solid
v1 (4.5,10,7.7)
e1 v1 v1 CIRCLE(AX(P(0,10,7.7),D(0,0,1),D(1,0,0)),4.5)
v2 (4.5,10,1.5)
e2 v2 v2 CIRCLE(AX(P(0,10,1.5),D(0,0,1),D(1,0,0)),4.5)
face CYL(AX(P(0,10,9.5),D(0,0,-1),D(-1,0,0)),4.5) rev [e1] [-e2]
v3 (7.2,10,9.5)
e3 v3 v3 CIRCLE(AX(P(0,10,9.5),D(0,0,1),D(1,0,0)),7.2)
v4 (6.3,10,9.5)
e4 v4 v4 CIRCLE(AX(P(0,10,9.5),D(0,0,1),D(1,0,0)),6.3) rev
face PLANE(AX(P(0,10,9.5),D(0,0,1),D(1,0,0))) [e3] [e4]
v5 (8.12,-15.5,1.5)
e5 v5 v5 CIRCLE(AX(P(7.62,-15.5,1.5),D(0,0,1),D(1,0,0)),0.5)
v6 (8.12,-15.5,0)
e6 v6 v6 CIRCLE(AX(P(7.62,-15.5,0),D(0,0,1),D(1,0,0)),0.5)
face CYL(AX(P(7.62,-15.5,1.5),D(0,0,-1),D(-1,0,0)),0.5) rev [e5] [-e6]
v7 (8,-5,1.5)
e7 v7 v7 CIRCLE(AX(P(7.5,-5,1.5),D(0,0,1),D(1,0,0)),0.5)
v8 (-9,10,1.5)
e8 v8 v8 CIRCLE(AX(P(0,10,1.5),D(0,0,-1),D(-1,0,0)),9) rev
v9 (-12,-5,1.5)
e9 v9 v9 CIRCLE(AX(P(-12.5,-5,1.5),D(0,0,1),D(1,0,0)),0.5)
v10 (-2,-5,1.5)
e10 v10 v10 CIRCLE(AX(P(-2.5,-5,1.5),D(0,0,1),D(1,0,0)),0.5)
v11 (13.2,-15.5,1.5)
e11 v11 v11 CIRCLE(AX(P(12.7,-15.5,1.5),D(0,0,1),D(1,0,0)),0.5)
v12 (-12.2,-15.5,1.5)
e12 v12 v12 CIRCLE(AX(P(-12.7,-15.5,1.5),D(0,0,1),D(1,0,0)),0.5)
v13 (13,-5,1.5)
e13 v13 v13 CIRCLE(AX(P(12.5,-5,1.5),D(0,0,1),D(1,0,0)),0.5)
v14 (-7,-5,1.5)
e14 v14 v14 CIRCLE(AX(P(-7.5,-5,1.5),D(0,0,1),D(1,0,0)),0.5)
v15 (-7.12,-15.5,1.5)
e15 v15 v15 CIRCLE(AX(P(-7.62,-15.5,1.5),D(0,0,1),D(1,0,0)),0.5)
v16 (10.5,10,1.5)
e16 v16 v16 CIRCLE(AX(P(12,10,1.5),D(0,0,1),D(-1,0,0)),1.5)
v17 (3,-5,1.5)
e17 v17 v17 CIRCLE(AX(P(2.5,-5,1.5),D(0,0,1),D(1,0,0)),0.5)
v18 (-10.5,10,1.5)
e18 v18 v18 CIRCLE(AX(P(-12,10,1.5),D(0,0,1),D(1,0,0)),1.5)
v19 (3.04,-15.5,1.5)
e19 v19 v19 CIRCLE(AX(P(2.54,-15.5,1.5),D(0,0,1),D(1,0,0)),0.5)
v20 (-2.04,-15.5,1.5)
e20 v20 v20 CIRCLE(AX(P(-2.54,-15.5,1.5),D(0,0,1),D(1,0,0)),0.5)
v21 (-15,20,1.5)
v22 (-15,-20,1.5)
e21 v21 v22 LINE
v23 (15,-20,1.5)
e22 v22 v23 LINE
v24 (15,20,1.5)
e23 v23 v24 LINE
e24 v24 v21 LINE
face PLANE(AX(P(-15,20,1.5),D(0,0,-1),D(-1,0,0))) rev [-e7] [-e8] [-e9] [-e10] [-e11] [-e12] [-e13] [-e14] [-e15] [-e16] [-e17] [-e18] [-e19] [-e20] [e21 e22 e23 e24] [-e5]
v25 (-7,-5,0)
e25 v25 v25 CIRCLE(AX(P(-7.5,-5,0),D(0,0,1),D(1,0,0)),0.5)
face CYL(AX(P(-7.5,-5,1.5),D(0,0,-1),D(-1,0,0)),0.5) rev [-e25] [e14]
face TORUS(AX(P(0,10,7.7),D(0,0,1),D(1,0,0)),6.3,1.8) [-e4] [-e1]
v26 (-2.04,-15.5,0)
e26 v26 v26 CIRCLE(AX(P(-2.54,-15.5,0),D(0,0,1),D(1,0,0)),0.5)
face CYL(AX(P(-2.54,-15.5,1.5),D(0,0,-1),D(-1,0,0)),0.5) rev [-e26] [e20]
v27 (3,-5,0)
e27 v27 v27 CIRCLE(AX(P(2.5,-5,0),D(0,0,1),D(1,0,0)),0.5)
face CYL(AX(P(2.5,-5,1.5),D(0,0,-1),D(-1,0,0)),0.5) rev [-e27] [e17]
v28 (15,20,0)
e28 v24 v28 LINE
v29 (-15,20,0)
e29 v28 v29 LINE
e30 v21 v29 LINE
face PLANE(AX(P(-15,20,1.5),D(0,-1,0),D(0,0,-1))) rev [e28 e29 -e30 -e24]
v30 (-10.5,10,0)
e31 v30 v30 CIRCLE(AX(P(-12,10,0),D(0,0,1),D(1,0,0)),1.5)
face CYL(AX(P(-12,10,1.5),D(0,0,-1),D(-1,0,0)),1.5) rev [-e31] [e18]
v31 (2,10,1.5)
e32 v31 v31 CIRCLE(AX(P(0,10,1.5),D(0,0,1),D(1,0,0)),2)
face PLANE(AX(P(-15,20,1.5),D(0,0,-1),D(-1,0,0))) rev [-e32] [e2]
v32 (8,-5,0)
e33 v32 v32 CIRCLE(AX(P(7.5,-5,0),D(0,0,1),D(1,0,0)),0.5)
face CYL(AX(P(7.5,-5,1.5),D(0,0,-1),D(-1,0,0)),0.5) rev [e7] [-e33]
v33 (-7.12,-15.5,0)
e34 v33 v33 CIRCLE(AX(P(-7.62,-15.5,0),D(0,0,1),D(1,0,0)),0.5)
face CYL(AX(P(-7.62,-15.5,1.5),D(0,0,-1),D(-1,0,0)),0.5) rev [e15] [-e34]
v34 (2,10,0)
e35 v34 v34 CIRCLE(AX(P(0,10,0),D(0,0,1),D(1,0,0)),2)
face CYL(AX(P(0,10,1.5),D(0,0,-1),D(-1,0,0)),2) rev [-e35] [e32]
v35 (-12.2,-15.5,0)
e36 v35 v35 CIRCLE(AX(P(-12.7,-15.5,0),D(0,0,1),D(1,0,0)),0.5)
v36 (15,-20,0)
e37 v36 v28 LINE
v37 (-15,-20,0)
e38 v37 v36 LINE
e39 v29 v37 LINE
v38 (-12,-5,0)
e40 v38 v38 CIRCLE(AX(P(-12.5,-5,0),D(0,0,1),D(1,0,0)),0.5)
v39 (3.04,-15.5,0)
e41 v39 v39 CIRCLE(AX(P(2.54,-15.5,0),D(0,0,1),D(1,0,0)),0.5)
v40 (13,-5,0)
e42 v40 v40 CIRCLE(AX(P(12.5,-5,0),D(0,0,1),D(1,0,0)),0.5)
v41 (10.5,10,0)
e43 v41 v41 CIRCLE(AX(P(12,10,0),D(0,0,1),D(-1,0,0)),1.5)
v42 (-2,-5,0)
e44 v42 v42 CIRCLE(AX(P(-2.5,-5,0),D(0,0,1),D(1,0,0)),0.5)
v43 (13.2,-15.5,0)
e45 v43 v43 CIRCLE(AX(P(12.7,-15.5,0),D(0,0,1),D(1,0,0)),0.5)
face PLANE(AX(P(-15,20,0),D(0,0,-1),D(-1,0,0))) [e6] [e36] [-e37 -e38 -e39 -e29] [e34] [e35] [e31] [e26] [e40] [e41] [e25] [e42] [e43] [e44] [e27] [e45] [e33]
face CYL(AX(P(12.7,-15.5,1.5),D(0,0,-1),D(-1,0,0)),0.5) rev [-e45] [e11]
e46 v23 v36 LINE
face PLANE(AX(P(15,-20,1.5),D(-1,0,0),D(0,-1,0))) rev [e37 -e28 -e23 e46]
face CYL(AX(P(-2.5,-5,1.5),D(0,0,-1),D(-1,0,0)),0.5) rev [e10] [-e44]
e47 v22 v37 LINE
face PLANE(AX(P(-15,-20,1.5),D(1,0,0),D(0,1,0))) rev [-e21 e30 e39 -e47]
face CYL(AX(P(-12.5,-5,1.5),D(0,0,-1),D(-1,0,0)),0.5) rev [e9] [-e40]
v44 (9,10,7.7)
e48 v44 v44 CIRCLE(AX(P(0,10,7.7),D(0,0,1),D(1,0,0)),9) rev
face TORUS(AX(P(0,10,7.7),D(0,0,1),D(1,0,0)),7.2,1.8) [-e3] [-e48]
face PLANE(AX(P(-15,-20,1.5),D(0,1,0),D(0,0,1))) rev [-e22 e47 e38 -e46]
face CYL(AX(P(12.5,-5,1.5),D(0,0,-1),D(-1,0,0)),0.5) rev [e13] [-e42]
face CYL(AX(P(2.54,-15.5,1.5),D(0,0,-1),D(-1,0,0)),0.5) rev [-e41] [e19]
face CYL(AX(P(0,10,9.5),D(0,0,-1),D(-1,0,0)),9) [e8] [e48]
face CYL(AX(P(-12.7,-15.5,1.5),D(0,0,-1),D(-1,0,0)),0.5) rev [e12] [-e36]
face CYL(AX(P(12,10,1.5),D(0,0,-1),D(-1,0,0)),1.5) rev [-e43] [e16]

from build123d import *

# Parameters (mm, degrees)
SKETCH_1_W      = 30
SKETCH_1_H      = 40
SKETCH_1_R      = 0.5
SKETCH_1_R_2    = 2
SKETCH_1_R_3    = 1.5
EXTRUDE_1_DEPTH = 1.5
SKETCH_2_R      = 9
SKETCH_2_R_2    = 4.5
EXTRUDE_2_DEPTH = 8
FILLET_1_R      = 1.8


with BuildPart() as part:
    # Эскиз1 → Вытянуть1 (new body)
    with BuildSketch(Plane.XY):
        Rectangle(SKETCH_1_W, SKETCH_1_H)
        with Locations((-12.7, -15.5)):
            Circle(SKETCH_1_R, mode=Mode.SUBTRACT)
        with Locations((-12.5, -5)):
            Circle(SKETCH_1_R, mode=Mode.SUBTRACT)
        with Locations((-7.62, -15.5)):
            Circle(SKETCH_1_R, mode=Mode.SUBTRACT)
        with Locations((-2.54, -15.5)):
            Circle(SKETCH_1_R, mode=Mode.SUBTRACT)
        with Locations((2.54, -15.5)):
            Circle(SKETCH_1_R, mode=Mode.SUBTRACT)
        with Locations((7.62, -15.5)):
            Circle(SKETCH_1_R, mode=Mode.SUBTRACT)
        with Locations((12.7, -15.5)):
            Circle(SKETCH_1_R, mode=Mode.SUBTRACT)
        with Locations((-7.5, -5)):
            Circle(SKETCH_1_R, mode=Mode.SUBTRACT)
        with Locations((-2.5, -5)):
            Circle(SKETCH_1_R, mode=Mode.SUBTRACT)
        with Locations((2.5, -5)):
            Circle(SKETCH_1_R, mode=Mode.SUBTRACT)
        with Locations((7.5, -5)):
            Circle(SKETCH_1_R, mode=Mode.SUBTRACT)
        with Locations((12.5, -5)):
            Circle(SKETCH_1_R, mode=Mode.SUBTRACT)
        with Locations((0, 10)):
            Circle(SKETCH_1_R_2, mode=Mode.SUBTRACT)
        with Locations((-12, 10)):
            Circle(SKETCH_1_R_3, mode=Mode.SUBTRACT)
        with Locations(Location((12, 10, 0), (0, 0, 180))):
            Circle(SKETCH_1_R_3, mode=Mode.SUBTRACT)
    extrude(amount=EXTRUDE_1_DEPTH)

    # Эскиз2 → Вытянуть2 (add)
    with BuildSketch(Plane.XY.offset(1.5)):
        with Locations(Location((0, 10, 0), (0, 0, 180))):
            Circle(SKETCH_2_R)
        with Locations((0, 10)):
            Circle(SKETCH_2_R_2, mode=Mode.SUBTRACT)
    extrude(amount=EXTRUDE_2_DEPTH)

    # Скругление1
    fillet_1_edges = [part.edges().sort_by_distance(p)[0] for p in [
        (9, 10, 9.5),
        (-4.5, 10, 9.5),
    ]]
    fillet(fillet_1_edges, radius=FILLET_1_R)


solid = part.part
